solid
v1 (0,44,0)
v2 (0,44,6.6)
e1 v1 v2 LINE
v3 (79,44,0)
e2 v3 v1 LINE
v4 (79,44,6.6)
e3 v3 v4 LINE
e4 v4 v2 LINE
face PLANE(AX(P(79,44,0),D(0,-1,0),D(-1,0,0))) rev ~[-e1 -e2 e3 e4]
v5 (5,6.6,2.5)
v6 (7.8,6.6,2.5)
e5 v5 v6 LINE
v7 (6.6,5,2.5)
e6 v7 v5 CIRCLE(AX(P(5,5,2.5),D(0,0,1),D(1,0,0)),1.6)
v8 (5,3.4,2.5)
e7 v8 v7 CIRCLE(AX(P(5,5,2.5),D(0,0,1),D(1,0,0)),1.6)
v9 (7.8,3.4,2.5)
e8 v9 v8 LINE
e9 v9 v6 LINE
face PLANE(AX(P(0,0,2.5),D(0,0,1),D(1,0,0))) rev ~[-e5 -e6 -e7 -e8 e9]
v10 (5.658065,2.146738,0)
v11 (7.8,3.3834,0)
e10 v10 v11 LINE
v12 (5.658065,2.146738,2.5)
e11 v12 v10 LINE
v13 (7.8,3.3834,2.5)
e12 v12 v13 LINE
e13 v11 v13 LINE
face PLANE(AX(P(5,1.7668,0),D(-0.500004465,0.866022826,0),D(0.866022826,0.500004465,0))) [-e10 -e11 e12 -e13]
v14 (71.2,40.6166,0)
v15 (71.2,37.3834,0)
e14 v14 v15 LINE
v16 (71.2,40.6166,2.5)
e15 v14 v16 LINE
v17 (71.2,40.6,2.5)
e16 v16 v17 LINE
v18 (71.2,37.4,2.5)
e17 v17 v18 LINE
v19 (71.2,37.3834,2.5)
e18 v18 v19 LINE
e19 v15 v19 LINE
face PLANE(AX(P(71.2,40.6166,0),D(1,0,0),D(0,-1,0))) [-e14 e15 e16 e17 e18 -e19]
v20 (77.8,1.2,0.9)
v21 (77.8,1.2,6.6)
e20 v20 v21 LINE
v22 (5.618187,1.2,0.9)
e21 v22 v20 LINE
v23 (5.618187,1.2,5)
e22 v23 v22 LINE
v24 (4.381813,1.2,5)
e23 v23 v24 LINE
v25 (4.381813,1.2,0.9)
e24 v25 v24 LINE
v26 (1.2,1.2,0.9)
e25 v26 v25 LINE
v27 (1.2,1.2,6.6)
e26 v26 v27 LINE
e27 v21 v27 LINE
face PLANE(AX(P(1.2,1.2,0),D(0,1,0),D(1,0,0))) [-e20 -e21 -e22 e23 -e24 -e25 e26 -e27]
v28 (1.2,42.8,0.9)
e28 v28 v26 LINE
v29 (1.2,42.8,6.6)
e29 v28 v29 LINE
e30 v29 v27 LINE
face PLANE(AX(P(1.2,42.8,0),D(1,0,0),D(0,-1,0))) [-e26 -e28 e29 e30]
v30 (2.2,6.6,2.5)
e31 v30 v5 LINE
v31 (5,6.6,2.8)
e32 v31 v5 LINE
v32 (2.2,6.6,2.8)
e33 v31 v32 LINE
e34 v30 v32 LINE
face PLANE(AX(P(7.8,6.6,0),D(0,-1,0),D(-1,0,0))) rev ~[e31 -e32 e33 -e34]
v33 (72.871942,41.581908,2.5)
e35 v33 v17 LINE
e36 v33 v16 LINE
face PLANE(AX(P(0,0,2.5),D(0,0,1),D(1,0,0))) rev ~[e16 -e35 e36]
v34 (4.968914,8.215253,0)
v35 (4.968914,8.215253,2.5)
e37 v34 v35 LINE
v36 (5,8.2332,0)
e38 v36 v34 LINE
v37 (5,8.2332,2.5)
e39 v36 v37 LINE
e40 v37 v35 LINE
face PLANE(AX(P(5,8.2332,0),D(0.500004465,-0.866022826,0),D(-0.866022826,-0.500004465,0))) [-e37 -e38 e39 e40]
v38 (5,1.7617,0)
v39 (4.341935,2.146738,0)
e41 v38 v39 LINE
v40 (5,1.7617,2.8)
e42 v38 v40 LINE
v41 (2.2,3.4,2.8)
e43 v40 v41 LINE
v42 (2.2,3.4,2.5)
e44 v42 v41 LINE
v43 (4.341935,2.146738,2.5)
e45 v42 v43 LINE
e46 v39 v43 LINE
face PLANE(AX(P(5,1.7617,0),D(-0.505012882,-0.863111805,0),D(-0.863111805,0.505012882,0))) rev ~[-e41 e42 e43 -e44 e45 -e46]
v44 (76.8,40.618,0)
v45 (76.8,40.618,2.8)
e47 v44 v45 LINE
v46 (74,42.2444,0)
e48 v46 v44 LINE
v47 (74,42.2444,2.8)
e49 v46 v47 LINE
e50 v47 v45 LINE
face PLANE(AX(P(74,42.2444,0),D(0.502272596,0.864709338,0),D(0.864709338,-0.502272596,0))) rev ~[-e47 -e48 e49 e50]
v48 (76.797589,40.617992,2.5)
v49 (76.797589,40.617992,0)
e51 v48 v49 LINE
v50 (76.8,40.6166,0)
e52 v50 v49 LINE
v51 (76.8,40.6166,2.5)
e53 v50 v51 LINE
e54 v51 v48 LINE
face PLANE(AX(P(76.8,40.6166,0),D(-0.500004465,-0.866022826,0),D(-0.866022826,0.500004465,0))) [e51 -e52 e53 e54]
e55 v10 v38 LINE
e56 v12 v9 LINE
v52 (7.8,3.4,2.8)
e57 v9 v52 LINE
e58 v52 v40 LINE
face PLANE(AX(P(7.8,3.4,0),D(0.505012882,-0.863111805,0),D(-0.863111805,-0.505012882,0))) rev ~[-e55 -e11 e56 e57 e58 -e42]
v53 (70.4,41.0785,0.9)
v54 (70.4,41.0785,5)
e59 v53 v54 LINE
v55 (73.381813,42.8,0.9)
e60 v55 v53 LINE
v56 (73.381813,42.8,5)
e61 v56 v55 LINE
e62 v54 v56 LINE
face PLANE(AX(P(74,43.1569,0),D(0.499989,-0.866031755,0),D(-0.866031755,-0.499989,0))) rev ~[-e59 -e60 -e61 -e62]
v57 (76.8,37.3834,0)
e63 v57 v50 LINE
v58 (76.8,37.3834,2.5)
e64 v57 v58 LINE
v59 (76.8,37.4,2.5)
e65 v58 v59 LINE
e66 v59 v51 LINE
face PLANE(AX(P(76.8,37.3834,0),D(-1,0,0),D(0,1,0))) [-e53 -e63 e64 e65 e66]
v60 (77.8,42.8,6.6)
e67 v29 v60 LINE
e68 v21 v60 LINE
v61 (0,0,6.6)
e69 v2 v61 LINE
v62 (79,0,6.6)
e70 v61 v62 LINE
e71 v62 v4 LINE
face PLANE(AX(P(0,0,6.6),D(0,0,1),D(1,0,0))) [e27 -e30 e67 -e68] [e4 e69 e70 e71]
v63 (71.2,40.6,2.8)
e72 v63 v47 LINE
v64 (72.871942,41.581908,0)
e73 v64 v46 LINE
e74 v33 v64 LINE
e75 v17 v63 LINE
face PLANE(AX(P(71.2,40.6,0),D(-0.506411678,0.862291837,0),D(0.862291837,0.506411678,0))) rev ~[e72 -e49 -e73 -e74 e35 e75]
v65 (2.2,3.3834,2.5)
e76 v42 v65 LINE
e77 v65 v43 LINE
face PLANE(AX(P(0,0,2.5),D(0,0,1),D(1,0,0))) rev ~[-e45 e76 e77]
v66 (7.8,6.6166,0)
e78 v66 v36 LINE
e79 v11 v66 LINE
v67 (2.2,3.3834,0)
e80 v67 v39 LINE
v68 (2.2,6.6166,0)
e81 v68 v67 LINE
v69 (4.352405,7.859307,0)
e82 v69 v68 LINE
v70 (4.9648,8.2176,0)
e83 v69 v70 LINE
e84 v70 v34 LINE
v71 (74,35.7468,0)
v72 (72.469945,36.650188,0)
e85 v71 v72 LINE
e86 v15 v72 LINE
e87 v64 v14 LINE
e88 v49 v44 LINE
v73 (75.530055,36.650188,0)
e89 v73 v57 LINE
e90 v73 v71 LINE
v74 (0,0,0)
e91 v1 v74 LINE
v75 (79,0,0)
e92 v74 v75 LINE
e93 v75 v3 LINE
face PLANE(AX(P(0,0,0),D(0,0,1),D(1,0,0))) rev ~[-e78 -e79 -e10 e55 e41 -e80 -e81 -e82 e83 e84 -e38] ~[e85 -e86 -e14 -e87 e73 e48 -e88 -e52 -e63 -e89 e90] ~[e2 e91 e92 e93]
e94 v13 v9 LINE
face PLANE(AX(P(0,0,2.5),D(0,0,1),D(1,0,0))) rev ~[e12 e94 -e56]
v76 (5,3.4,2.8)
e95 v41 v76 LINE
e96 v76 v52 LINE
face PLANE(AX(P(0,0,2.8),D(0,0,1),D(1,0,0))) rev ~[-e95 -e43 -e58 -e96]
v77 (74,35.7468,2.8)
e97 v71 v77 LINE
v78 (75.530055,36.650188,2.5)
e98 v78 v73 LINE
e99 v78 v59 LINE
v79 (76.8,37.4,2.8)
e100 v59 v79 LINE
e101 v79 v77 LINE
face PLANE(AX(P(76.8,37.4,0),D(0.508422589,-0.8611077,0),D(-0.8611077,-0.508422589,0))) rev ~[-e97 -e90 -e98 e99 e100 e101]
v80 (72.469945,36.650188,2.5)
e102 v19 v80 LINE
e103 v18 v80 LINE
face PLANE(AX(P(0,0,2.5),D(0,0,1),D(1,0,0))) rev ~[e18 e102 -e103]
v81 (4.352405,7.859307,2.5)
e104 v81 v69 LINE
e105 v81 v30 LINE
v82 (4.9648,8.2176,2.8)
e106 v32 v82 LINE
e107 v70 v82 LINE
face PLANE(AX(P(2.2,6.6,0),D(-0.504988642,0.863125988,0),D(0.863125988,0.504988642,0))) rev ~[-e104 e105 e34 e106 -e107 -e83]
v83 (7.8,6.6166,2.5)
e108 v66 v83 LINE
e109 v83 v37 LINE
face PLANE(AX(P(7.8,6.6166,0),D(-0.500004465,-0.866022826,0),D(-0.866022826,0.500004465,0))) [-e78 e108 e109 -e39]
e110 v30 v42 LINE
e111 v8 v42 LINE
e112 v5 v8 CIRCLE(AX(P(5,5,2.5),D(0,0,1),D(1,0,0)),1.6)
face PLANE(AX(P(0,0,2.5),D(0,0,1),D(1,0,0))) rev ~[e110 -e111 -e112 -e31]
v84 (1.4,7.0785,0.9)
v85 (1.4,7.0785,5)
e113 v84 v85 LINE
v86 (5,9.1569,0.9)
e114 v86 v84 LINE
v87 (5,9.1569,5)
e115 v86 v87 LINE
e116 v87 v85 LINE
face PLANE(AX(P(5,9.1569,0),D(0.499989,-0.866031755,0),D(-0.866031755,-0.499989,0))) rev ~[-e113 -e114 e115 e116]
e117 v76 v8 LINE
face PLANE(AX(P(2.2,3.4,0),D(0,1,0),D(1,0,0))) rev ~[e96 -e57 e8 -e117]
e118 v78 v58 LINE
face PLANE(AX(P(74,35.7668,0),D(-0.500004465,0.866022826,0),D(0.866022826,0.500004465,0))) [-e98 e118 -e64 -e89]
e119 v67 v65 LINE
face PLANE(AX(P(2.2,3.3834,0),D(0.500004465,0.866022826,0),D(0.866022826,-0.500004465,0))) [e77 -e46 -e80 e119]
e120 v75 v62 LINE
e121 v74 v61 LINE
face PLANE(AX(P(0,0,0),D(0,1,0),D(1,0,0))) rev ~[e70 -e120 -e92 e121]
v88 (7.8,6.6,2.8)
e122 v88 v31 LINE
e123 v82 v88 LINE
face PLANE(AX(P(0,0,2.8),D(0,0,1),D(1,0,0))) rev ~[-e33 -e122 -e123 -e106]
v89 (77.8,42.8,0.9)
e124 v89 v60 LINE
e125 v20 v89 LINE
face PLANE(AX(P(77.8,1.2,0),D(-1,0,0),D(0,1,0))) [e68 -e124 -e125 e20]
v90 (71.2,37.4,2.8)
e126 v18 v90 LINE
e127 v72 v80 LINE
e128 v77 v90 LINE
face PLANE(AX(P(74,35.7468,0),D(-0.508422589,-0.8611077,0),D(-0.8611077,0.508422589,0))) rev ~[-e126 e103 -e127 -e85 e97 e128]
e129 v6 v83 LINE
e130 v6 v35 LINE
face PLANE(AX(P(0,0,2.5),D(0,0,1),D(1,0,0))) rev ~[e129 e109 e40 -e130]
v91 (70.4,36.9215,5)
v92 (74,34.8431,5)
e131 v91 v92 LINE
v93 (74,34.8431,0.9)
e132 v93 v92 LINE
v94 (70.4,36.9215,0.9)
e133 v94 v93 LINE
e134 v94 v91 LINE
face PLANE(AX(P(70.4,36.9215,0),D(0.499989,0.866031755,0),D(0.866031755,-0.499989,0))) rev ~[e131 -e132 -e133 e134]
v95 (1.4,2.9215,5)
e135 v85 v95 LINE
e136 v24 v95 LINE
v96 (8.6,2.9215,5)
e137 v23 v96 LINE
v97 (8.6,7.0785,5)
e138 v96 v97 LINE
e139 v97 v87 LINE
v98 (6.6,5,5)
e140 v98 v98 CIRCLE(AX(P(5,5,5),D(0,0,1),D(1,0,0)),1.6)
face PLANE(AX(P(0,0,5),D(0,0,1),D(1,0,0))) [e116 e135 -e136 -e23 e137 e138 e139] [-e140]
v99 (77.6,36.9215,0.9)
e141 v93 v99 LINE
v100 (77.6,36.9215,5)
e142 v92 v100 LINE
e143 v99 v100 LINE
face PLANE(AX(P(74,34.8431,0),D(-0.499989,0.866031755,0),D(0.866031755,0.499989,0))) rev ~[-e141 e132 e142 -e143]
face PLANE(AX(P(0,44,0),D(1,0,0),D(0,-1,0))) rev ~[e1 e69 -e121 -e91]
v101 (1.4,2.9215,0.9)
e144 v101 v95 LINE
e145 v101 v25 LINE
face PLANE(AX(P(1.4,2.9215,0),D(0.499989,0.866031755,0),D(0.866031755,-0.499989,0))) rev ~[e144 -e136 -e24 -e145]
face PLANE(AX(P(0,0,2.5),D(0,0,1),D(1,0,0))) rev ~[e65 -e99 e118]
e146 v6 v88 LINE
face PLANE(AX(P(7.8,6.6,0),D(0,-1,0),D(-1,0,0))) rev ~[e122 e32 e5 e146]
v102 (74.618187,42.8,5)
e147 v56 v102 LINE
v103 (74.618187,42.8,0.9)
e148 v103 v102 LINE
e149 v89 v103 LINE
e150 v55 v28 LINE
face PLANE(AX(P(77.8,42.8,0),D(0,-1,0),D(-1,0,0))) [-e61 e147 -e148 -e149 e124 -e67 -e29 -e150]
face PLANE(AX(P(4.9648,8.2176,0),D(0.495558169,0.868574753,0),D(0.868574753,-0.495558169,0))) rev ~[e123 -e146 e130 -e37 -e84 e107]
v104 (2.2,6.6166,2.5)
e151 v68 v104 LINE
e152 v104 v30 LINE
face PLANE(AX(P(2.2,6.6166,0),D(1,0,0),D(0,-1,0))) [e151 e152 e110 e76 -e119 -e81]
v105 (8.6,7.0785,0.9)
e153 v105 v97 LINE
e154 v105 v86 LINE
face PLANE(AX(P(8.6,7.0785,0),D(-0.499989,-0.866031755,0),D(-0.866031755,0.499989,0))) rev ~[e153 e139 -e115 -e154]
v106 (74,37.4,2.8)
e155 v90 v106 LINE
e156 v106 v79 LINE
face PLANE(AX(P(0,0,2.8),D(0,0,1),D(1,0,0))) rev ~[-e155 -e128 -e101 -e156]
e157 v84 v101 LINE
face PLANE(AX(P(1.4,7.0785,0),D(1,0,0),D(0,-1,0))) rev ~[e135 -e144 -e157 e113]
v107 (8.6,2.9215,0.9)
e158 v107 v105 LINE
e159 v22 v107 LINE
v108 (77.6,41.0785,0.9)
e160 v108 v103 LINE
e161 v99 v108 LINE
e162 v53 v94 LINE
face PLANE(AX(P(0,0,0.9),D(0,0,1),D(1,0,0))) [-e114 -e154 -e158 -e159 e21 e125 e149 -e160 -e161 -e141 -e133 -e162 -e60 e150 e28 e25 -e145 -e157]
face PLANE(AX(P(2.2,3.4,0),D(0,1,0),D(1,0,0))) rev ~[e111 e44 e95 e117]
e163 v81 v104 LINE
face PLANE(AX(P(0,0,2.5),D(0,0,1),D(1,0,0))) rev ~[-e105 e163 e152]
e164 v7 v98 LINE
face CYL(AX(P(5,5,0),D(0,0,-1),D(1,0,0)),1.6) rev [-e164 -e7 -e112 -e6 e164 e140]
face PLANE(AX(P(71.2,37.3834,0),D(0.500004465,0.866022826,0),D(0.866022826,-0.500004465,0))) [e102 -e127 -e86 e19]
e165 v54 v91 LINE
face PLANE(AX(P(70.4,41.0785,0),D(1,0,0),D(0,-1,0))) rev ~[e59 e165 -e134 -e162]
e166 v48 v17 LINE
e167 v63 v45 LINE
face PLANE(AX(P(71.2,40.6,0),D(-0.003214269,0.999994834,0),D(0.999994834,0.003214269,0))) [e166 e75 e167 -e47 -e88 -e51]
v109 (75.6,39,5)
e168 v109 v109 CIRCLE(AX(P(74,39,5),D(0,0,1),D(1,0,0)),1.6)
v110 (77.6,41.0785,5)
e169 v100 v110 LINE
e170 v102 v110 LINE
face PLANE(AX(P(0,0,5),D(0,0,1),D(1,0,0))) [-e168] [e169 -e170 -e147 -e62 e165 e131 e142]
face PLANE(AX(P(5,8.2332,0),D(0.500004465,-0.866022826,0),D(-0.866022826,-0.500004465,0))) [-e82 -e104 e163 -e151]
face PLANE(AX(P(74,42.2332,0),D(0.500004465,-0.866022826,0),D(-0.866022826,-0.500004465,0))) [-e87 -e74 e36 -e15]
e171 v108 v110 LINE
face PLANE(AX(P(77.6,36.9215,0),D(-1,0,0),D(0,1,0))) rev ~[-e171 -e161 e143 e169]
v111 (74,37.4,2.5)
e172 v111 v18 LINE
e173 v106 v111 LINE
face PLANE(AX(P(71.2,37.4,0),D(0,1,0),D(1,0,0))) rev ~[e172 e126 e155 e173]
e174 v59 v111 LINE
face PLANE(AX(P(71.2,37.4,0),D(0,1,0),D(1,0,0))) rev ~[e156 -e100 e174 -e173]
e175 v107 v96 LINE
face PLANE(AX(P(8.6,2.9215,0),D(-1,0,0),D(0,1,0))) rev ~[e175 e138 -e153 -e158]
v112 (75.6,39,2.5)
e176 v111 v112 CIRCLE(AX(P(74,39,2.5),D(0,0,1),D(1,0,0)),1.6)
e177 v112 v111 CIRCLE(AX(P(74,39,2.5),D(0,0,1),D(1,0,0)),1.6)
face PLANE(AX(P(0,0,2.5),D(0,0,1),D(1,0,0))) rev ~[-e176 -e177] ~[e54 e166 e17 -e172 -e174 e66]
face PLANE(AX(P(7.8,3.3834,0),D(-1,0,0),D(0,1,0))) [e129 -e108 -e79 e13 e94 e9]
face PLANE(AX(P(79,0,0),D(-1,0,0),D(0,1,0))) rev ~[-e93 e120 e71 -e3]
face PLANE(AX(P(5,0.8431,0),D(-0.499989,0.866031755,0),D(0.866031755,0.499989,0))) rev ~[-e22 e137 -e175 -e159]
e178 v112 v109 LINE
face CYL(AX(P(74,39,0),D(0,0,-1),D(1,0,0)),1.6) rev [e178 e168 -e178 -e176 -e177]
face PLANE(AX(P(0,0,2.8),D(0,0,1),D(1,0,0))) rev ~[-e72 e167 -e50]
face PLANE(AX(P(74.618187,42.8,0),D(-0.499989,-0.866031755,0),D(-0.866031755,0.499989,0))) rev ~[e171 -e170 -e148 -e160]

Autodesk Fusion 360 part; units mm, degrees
sketch "Sketch1" plane through (0, 0, 0) normal (0, 0, 1) x (1, 0, 0)
  line L0 (0, 0) -> (79, 0)
  line L1 (79, 0) -> (79, 44)
  line L2 (79, 44) -> (0, 44)
  line L3 (0, 44) -> (0, 0)
  line L4 (1.2, 1.2) -> (77.8, 1.2)
  line L5 (77.8, 1.2) -> (77.8, 42.8)
  line L6 (77.8, 42.8) -> (1.2, 42.8)
  line L7 (1.2, 42.8) -> (1.2, 1.2)
  line L8 (2, 42) -> (77, 42) construction
  line L9 (77, 42) -> (77, 2) construction
  line L10 (77, 2) -> (2, 2) construction
  line L11 (2, 2) -> (2, 42) construction
  circle A0 centre (74, 39) radius 1.6
  circle A1 centre (5, 5) radius 1.6
  line L12 (74, 42.2332) -> (71.2, 40.6166)
  line L13 (71.2, 40.6166) -> (71.2, 37.3834)
  line L14 (71.2, 37.3834) -> (74, 35.7668)
  line L15 (74, 35.7668) -> (76.8, 37.3834)
  line L16 (76.8, 37.3834) -> (76.8, 40.6166)
  line L17 (76.8, 40.6166) -> (74, 42.2332)
  line L18 (5, 8.2332) -> (2.2, 6.6166)
  line L19 (2.2, 6.6166) -> (2.2, 3.3834)
  line L20 (2.2, 3.3834) -> (5, 1.7668)
  line L21 (5, 1.7668) -> (7.8, 3.3834)
  line L22 (7.8, 3.3834) -> (7.8, 6.6166)
  line L23 (7.8, 6.6166) -> (5, 8.2332)
  line L24 (1.4, 2.9215) -> (5, 0.8431)
  line L25 (5, 0.8431) -> (8.6, 2.9215)
  line L26 (8.6, 2.9215) -> (8.6, 7.0785)
  line L27 (8.6, 7.0785) -> (5, 9.1569)
  line L28 (5, 9.1569) -> (1.4, 7.0785)
  line L29 (1.4, 7.0785) -> (1.4, 2.9215)
  line L30 (70.4, 36.9215) -> (74, 34.8431)
  line L31 (74, 34.8431) -> (77.6, 36.9215)
  line L32 (77.6, 36.9215) -> (77.6, 41.0785)
  line L33 (77.6, 41.0785) -> (74, 43.1569)
  line L34 (74, 43.1569) -> (70.4, 41.0785)
  line L35 (70.4, 41.0785) -> (70.4, 36.9215)
  point P0 (39.5, 42)
  point P1 (39.5, 44)
  point P2 (77, 22)
  point P3 (79, 22)
  point P4 (74, 39)
  point P5 (5, 5)
  dimension "d1" = 79
  dimension "d2" = 44
  dimension "d9" = -1.2
  dimension "d14" = 75
  dimension "d15" = 40
  dimension "d16" = 0.8
  dimension "d21" = 3.2
  dimension "d33" = 2.8
  dimension "d34" = 2.8
  dimension "d35" = 0.8
  dimension "d36" = 0.8
  dimension "d61" = 3.2
  dimension "d63" = 3
  dimension "d64" = 3
  dimension "d65" = 3
  dimension "d66" = 3
extrude "Extrude13" add sketch "Sketch1" along normal blind 5 contours L12 L13 L14 L15 L16 L17 makes body 1
extrude "Extrude14" add sketch "Sketch1" along normal blind 5 contours L6 L33 L34 | L6 L30 L31 L32 L33 L34 L35 bodies 1
extrude "Extrude15" add sketch "Sketch1" along normal blind 5 separate body contours L4 L24 L25 L26 L27 L28 L29 | L4 L24 L25 | L18 L19 L20 L21 L22 L23 makes body 2
extrude "Extrude16" add sketch "Sketch1" along normal blind 6.6 separate body contours L0 L1 L2 L3 | L4 L24 L25 | L6 L33 L34 makes body 3
extrude "Extrude17" add sketch "Sketch1" along normal blind 0.9 contours L4 L5 L6 L7 L24 L25 L26 L27 L28 L29 L30 L31 L32 L33 L34 L35 bodies 1 2 3
extrude "Extrude18" cut sketch "Sketch1" along normal blind 2.5 contours L12 L13 L14 L15 L16 L17 bodies 1
extrude "Extrude19" cut sketch "Sketch1" along normal blind 2.5 contours L18 L19 L20 L21 L22 L23 bodies 1
sketch "Sketch3" plane through (0, 0, 0) normal (0, 0, 1) x (1, 0, 0)
  line L0 (71.2, 37.4) -> (76.8, 37.4)
  line L1 (76.8, 37.4) -> (74, 35.7468)
  line L2 (74, 35.7468) -> (71.2, 37.4)
  line L3 (71.2, 40.6) -> (76.8, 40.618)
  line L4 (71.2, 40.6) -> (74, 42.2444)
  line L5 (74, 42.2444) -> (76.8, 40.618)
  line L6 (71.2, 37.4) -> (72.4601, 37.4)
  line L7 (2.2, 3.4) -> (7.8, 3.4)
  line L8 (7.8, 3.4) -> (5, 1.7617)
  line L9 (5, 1.7617) -> (2.2, 3.4)
  line L10 (2.2, 6.6) -> (4.9648, 8.2176)
  line L11 (4.9648, 8.2176) -> (7.8, 6.6)
  line L12 (7.8, 6.6) -> (2.2, 6.6)
extrude "Extrude20" cut sketch "Sketch3" along normal blind 2.8 contours L7 L8 L9 | L10 L11 L12 bodies 1
extrude "Extrude21" cut sketch "Sketch3" along normal blind 2.8 contours L0 L1 L2 L6 | L3 L4 L5 bodies 1
equation "d1 = TotalDepth"
equation "d2 = TotalWidth"
equation "LayerHeight = 0.3 mm"
equation "Tolerance = 0.1 mm"
equation "ExtrusionWidth = 0.4 mm"
equation "TotalWidth = 44 mm"
equation "TotalDepth = 79 mm"
equation "TotalHeight = 35 mm"
equation "d9 = -3 * ExtrusionWidth"
equation "PCBWidth = 75 mm"
equation "PCBLength = 40 mm"
equation "PCBThickness = 1.6 mm"
equation "PCBSolderingHeight = 4 mm"
equation "d14 = PCBWidth"
equation "d15 = PCBLength"
equation "d21 = M3Adjusted"
equation "M3Adjusted = 3 mm + Tolerance * 2"
equation "PCBSupportHeight = PCBSolderingHeight + Tolerance + BaseThickness"
equation "BottomCaseHeight = PCBSolderingHeight + Tolerance + PCBThickness + BaseThickness"
equation "NutWidth = 5.5 mm + Tolerance"
equation "NutHeight = 2.4 mm + Tolerance"
equation "d33 = NutWidth / 2"
equation "d34 = NutWidth / 2"
equation "d35 = 2 * ExtrusionWidth"
equation "d36 = 2 * ExtrusionWidth"
equation "NutSupportHeight = NutHeight + Tolerance + BaseThickness"
equation "BaseThickness = 3 * LayerHeight"
equation "HoleSpreading = PCBHoleSpread + M3Adjusted / 2"
equation "d61 = M3Adjusted"
equation "PCBHoleSpread = 1.40 mm"
equation "d63 = HoleSpreading"
equation "d64 = HoleSpreading"
equation "d65 = HoleSpreading"
equation "d66 = HoleSpreading"
equation "d67 = PCBSupportHeight"
equation "d69 = PCBSupportHeight"
equation "d71 = PCBSupportHeight"
equation "d73 = BottomCaseHeight"
equation "d75 = BaseThickness"
equation "d77 = NutHeight"
equation "d79 = NutHeight"
equation "d82 = NutHeight + LayerHeight"
equation "d84 = NutHeight + LayerHeight"
properties part number "Configuration1"
